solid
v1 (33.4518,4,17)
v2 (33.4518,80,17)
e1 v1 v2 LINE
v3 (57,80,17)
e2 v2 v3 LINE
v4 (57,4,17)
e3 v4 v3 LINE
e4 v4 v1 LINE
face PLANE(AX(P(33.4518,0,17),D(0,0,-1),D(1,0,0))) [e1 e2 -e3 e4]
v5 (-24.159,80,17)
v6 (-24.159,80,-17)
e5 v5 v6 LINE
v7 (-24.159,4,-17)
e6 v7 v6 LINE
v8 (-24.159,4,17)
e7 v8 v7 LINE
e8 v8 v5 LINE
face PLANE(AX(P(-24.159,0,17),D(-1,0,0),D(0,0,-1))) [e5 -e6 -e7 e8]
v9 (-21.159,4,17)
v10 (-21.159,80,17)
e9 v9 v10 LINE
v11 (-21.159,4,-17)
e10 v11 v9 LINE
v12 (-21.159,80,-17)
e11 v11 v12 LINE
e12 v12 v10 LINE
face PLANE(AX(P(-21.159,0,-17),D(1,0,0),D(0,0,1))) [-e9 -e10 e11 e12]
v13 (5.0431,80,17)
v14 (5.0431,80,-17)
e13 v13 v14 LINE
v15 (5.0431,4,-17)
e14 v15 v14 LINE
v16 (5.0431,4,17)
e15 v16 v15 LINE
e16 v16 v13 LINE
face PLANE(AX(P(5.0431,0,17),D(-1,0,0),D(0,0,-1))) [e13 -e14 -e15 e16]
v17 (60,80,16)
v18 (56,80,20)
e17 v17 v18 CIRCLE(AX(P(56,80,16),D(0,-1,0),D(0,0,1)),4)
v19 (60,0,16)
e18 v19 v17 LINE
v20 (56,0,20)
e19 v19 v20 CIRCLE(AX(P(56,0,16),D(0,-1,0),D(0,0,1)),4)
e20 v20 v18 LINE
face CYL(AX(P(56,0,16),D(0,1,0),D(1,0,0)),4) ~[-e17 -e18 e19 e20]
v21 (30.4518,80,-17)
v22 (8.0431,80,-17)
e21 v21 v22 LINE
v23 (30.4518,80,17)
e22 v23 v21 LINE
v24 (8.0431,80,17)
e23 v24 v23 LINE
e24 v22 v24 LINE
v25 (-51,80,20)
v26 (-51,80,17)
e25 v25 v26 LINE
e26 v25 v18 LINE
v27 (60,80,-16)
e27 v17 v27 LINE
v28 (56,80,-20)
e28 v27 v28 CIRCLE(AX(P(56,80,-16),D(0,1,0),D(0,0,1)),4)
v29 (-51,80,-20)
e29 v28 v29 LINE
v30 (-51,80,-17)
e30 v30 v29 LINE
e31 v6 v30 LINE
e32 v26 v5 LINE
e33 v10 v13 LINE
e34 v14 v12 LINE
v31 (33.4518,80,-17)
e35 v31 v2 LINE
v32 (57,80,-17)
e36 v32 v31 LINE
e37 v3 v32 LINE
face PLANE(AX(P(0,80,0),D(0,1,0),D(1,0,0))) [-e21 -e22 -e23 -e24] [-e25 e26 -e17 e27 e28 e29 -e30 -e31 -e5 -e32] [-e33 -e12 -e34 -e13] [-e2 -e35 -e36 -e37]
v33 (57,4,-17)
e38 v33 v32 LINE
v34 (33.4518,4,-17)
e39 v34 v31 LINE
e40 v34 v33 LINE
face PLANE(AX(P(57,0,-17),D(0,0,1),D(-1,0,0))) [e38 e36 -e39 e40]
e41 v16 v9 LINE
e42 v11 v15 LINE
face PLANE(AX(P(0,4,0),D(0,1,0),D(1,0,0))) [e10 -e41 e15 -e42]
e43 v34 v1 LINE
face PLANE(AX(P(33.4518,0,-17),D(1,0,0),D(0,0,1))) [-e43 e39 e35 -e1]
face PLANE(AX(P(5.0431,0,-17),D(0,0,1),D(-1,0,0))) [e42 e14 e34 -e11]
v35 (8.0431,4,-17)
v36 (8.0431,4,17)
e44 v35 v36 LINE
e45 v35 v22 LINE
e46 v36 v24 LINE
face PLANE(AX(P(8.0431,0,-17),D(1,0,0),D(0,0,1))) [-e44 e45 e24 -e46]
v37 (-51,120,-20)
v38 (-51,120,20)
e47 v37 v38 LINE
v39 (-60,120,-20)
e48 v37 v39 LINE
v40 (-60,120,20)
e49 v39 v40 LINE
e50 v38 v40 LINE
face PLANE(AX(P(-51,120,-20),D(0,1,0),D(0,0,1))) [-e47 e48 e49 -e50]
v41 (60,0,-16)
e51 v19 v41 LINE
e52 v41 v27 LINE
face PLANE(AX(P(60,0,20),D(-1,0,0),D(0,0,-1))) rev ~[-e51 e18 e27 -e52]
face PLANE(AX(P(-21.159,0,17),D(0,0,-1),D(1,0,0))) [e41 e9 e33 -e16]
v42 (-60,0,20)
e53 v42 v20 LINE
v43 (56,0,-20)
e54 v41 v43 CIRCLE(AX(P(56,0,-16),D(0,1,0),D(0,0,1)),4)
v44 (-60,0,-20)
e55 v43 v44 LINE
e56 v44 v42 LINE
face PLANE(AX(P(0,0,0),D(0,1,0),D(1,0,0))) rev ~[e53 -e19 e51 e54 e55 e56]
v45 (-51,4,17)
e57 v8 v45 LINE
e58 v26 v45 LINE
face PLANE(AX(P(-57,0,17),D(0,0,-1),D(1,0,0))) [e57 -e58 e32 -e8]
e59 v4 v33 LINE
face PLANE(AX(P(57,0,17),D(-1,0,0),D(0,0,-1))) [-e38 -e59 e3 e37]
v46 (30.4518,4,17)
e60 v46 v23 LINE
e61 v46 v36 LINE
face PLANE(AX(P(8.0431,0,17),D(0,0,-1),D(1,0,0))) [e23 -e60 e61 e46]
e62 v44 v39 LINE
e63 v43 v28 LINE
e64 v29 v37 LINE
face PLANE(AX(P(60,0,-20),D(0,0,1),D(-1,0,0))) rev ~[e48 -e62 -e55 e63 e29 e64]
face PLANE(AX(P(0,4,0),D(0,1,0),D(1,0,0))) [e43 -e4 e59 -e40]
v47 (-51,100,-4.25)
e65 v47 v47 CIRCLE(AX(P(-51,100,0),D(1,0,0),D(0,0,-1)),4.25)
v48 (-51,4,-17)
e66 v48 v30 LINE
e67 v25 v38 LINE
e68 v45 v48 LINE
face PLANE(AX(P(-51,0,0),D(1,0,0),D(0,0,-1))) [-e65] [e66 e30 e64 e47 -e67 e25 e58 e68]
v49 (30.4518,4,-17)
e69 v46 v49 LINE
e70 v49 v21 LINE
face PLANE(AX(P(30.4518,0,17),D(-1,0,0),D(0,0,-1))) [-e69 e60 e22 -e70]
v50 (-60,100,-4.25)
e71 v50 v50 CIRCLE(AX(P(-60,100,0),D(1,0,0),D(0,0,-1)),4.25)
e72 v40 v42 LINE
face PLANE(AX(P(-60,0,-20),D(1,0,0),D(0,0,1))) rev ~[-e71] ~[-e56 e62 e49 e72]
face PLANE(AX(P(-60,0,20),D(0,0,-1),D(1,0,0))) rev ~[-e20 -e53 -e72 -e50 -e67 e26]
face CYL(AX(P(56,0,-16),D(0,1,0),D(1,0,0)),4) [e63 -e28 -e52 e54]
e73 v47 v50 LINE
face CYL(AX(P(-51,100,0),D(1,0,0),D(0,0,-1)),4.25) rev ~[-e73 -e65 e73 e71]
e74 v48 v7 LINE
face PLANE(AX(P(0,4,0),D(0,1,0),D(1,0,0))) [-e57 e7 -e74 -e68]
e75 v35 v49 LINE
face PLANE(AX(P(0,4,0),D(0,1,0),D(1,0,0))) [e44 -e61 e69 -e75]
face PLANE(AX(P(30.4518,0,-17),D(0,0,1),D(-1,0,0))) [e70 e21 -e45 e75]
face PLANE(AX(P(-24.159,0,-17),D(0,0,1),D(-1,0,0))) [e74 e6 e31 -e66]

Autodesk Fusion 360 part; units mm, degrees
sketch "Sketch1" plane through (0, 0, 0) normal (0, 1, 0) x (1, 0, 0)
  line L0 (60, 20) -> (-60, 20)
  line L1 (-60, 20) -> (-60, -20)
  line L2 (-60, -20) -> (60, -20)
  line L3 (60, -20) -> (60, 20)
  line L4 (60, 20) -> (-60, -20) construction
  line L5 (-60, 20) -> (60, -20) construction
  line L6 (57, 17) -> (-57, 17)
  line L7 (-57, 17) -> (-57, -17)
  line L8 (-57, -17) -> (57, -17)
  line L9 (57, -17) -> (57, 17)
  line L10 (57, 17) -> (-57, -17) construction
  line L11 (-57, 17) -> (57, -17) construction
  line L12 (-24.159, 17) -> (-21.159, 17)
  line L13 (-21.159, 17) -> (-21.159, -17)
  line L14 (-21.159, -17) -> (-24.159, -17)
  line L15 (-24.159, -17) -> (-24.159, 17)
  line L16 (8.0431, 17) -> (8.0431, -17)
  line L17 (5.0431, -17) -> (5.0431, 17)
  line L18 (8.0431, -17) -> (5.0431, -17)
  line L19 (5.0431, 17) -> (8.0431, 17)
  line L20 (30.4518, 17) -> (33.4518, 17)
  line L21 (33.4518, 17) -> (33.4518, -17)
  line L22 (30.4518, -17) -> (30.4518, 17)
  line L23 (33.4518, -17) -> (30.4518, -17)
  dimension "d1" = 120
  dimension "d2" = 40
  dimension "d3" = 114
  dimension "d4" = 34
  dimension "d20" = 3
  dimension "d21" = 34
  dimension "d26" = 3
  dimension "d27" = 34
  dimension "d28" = 3
  dimension "d29" = 34
extrude "Extrude1" add sketch "Sketch1" along normal blind 80 contours L0 L1 L2 L3 | L6 L8 L20 L21 L22 L23 | L6 L8 L16 L17 L18 L19 | L6 L8 L12 L13 L14 L15 makes body 1
extrude "Extrude2" add sketch "Sketch1" along normal blind 4 contours L6 L8 L9 L21 | L6 L8 L20 L21 L22 L23 | L6 L8 L16 L22 | L6 L8 L16 L17 L18 L19 | L6 L8 L13 L17 | L6 L8 L12 L13 L14 L15 | L6 L7 L8 L15 bodies 1
sketch "Sketch2" plane through (0, 0, 0) normal (1, 0, 0) x (0, 0, -1)
  line L0 (-20, 0) -> (20, 0)
  line L1 (20, 0) -> (20, 80)
  line L2 (20, 80) -> (-20, 80)
  line L3 (-20, 80) -> (-20, 0)
  line L4 (20, 120) -> (-20, 120)
  line L5 (-20, 120) -> (-20, 80)
  line L6 (-20, 80) -> (20, 80)
  line L7 (20, 80) -> (20, 120)
  line L8 (20, 120) -> (-20, 80) construction
  line L9 (-20, 120) -> (20, 80) construction
  line L10 (20, 0) -> (-20, 0)
  line L11 (-20, 0) -> (-20, -40)
  line L12 (-20, -40) -> (20, -40)
  line L13 (20, -40) -> (20, 0)
  line L14 (20, 0) -> (-20, -40) construction
  line L15 (-20, 0) -> (20, -40) construction
  circle A0 centre (0, 100) radius 4.25
  circle A1 centre (0, -20) radius 4.25
  point P0 (0, 100)
  point P1 (0, -20)
  dimension "d9" = 40
  dimension "d10" = 40
  dimension "d11" = 40
  dimension "d12" = 40
  dimension "d13" = 8.5
  dimension "d14" = 8.5
extrude "Extrude3" add sketch "Sketch2" along normal blind -60 and the other way blind 51 contours L0 L1 L2 L3 L6 L10 | L2 L4 L5 L6 L7 bodies 1
fillet "Fillet1" radius 4 2 edges at (60, 40, -20) (60, 40, 20) on bodies 1
copy_body "Body->Comp1" bodies 1 removing the originals makes body 2 in component "item40ToolHoplder-01"
component "item40ToolHoplder-01" placed x (1, 0, 0) y (0, 1, 0) z (0, 0, 1) at (0, 0, 0)
